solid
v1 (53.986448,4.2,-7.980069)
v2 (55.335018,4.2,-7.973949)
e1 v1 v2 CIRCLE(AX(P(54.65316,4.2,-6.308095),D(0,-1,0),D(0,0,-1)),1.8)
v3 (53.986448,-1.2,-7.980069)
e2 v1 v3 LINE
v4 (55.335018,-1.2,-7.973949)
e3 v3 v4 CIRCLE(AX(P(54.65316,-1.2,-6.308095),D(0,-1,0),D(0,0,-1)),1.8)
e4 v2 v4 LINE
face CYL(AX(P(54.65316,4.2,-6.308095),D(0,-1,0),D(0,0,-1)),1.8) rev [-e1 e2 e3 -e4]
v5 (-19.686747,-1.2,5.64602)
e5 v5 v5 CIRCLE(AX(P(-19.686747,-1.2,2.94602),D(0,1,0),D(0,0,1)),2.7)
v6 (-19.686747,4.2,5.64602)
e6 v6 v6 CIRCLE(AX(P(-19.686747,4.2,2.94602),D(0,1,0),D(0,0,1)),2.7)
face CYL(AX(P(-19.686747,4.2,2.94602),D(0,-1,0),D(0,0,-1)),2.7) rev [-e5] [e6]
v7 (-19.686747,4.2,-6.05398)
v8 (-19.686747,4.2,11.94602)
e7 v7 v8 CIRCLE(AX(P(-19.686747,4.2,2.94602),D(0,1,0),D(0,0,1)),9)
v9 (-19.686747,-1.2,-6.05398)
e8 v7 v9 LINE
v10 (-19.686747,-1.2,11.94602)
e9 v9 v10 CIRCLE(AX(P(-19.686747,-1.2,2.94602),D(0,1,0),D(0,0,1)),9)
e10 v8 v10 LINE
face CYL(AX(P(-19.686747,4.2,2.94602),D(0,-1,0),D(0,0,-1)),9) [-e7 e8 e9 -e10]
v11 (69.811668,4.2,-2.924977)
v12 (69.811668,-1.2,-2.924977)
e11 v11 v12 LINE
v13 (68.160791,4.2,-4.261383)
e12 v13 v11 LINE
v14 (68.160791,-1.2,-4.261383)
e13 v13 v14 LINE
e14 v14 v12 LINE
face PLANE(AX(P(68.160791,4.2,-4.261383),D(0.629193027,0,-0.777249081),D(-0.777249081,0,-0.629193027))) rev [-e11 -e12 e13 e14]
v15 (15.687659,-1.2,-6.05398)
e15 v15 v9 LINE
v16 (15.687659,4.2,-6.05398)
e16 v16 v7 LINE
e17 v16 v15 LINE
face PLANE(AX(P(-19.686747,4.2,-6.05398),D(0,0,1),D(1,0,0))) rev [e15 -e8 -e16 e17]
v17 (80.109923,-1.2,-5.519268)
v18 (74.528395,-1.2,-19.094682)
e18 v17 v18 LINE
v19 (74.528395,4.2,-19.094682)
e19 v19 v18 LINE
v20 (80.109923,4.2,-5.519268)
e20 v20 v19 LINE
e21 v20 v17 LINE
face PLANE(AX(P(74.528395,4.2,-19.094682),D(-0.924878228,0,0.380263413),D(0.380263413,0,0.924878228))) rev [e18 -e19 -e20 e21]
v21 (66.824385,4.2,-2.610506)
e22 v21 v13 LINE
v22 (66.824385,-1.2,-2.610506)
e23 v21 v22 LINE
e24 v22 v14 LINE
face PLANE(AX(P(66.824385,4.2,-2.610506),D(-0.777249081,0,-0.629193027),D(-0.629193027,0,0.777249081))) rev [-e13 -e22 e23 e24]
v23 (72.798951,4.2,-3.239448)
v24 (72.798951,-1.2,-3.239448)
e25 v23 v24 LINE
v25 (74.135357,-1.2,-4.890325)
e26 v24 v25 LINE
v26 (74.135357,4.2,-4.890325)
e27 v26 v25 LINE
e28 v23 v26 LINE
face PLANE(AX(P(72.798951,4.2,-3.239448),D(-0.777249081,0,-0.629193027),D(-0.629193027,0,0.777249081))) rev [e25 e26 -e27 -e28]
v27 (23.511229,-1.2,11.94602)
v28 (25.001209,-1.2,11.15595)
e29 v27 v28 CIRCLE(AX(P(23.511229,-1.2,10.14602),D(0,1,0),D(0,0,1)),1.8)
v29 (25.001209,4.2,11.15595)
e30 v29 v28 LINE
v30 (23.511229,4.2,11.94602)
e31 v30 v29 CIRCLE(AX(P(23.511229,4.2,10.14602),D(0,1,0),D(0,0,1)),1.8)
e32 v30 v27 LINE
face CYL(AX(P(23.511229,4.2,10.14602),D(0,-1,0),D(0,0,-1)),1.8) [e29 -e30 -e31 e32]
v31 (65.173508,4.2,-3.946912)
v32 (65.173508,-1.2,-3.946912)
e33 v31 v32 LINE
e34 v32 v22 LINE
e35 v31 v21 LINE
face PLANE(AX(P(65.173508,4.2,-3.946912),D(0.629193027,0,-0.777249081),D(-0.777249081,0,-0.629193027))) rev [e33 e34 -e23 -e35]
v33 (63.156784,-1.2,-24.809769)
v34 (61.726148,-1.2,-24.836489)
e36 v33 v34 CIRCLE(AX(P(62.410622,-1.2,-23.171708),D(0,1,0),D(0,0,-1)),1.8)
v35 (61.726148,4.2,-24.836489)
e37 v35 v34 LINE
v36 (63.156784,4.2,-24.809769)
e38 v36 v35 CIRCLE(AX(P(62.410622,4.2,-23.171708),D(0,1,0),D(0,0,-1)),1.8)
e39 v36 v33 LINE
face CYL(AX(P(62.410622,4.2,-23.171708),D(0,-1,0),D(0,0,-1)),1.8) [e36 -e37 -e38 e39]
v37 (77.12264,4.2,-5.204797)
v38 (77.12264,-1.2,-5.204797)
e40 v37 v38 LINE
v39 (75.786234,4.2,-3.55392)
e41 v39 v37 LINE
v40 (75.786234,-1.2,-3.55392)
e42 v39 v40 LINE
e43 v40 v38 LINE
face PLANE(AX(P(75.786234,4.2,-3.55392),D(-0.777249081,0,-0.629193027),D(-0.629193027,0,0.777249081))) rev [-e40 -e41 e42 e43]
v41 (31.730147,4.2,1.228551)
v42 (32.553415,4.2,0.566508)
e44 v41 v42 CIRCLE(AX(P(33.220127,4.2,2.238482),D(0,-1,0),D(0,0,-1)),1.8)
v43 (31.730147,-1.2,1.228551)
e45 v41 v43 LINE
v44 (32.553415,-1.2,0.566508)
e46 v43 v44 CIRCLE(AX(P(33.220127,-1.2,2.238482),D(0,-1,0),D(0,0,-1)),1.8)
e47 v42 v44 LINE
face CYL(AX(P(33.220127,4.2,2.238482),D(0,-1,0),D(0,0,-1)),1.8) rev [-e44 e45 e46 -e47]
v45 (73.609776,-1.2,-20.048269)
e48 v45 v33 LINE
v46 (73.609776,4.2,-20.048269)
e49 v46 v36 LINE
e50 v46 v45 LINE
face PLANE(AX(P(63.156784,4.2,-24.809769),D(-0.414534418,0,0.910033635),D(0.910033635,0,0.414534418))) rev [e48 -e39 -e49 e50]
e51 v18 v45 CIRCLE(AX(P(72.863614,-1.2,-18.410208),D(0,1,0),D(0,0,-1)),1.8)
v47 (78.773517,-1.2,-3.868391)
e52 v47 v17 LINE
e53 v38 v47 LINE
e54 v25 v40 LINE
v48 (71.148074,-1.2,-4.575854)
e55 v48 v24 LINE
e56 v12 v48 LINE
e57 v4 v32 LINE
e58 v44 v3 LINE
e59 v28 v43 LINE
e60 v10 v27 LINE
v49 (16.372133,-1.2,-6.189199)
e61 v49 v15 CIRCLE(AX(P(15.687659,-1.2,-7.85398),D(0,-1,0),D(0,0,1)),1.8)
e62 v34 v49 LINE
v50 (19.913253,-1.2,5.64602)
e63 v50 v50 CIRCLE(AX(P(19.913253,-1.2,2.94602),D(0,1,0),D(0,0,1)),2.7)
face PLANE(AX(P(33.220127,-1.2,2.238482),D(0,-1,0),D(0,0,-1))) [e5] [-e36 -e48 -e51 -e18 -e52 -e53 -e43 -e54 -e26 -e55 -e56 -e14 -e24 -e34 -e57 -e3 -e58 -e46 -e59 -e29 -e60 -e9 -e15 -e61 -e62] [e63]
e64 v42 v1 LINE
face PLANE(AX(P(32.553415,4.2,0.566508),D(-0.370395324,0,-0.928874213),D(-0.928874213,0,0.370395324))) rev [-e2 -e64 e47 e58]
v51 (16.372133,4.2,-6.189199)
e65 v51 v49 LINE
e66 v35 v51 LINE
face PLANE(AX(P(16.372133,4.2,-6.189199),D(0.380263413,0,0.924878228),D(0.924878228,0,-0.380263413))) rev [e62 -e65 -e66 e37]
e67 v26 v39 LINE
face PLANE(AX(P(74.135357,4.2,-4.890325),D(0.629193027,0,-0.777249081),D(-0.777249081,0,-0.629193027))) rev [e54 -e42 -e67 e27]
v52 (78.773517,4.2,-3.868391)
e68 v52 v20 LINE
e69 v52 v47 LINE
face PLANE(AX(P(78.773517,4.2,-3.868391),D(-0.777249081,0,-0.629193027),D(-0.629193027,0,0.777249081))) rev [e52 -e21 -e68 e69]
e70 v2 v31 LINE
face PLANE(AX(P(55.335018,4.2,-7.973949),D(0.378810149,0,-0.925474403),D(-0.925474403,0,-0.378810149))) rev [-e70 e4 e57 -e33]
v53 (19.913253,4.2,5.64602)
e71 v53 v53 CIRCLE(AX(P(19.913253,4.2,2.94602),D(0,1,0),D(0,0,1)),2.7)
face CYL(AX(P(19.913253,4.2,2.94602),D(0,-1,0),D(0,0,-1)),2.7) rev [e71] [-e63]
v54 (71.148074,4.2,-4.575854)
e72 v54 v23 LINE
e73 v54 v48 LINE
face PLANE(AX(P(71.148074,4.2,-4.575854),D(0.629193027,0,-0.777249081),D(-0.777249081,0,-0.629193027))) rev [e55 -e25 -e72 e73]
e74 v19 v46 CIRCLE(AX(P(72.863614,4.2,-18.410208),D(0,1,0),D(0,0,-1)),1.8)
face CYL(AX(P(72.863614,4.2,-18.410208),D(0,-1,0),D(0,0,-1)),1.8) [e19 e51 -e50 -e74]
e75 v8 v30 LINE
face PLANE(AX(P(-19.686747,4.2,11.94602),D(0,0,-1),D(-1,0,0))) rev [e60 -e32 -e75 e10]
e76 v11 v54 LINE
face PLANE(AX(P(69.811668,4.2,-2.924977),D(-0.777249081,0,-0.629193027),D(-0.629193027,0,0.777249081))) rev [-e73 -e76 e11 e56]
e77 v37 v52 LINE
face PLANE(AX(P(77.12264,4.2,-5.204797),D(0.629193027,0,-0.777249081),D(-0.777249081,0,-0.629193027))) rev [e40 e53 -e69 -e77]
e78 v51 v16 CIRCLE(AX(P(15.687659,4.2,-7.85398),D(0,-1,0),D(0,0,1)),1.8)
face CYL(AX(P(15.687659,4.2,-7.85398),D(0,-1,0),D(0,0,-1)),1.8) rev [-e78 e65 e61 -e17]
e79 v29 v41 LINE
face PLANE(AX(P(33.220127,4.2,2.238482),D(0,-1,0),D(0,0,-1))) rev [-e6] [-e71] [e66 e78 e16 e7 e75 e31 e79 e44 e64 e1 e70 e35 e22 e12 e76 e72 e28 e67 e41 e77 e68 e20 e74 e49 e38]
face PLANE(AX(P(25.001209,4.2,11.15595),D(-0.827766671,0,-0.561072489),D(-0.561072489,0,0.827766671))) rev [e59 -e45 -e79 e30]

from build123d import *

# Parameters (mm, degrees)
SKETCH1_R           = 1.5
BOSS_EXTRUDE1_DEPTH = 3
SCALE1_SCALE        = 1.8


with BuildPart() as part:
    # Sketch1 → Boss-Extrude1 (new body)
    with BuildSketch(Plane(origin=(0, 0, 0), x_dir=(1, 0, 0), z_dir=(0, 1, 0))):
        with BuildLine():
            Line((0, -5), (23.998875872, -5))
            ThreePointArc((23.998875872, -5), (24.467345461, -4.883479623), (24.826642543, -4.561072489))
            Line((24.826642543, -4.561072489), (28.564941326, 0.954149161))
            ThreePointArc((28.564941326, 0.954149161), (28.766036178, 1.172359953), (29.022312673, 1.321950886))
            Line((29.022312673, 1.321950886), (40.929553216, 6.070049343))
            ThreePointArc((40.929553216, 6.070049343), (41.304486381, 6.141164834), (41.678758689, 6.066649533))
            Line((41.678758689, 6.066649533), (47.144586244, 3.829406729))
            Line((47.144586244, 3.829406729), (48.06174016, 3.086958957))
            Line((48.06174016, 3.086958957), (48.804187932, 4.004112872))
            Line((48.804187932, 4.004112872), (49.721341848, 3.2616651))
            Line((49.721341848, 3.2616651), (50.46378962, 4.178819016))
            Line((50.46378962, 4.178819016), (51.380943536, 3.436371244))
            Line((51.380943536, 3.436371244), (52.123391308, 4.35352516))
            Line((52.123391308, 4.35352516), (53.040545224, 3.611077387))
            Line((53.040545224, 3.611077387), (53.782992996, 4.528231303))
            Line((53.782992996, 4.528231303), (54.700146912, 3.785783531))
            Line((54.700146912, 3.785783531), (55.442594685, 4.702937447))
            Line((55.442594685, 4.702937447), (52.341745918, 12.244834503))
            ThreePointArc((52.341745918, 12.244834503), (52.137055639, 12.558350103), (51.831402108, 12.774604725))
            Line((51.831402108, 12.774604725), (46.024183924, 15.419882568))
            ThreePointArc((46.024183924, 15.419882568), (45.628323444, 15.509674561), (45.229386093, 15.434727162))
            Line((45.229386093, 15.434727162), (20.032711481, 5.075121772))
            ThreePointArc((20.032711481, 5.075121772), (19.846254378, 5.018960187), (19.652448068, 5))
            Line((19.652448068, 5), (0, 5))
            ThreePointArc((0, 5), (-5, 0), (0, -5))
        make_face()
        Circle(SKETCH1_R, mode=Mode.SUBTRACT)
        with Locations((22, 0)):
            Circle(SKETCH1_R, mode=Mode.SUBTRACT)
    extrude(amount=BOSS_EXTRUDE1_DEPTH)


with BuildPart() as part_1:
    # Scale1: scaled about (24.6084342, 1.5, -3.682524739)
    add(part.part.scale(SCALE1_SCALE).moved(Location((-19.68674736, -1.2, 2.946019791))))


solid = part_1.part
